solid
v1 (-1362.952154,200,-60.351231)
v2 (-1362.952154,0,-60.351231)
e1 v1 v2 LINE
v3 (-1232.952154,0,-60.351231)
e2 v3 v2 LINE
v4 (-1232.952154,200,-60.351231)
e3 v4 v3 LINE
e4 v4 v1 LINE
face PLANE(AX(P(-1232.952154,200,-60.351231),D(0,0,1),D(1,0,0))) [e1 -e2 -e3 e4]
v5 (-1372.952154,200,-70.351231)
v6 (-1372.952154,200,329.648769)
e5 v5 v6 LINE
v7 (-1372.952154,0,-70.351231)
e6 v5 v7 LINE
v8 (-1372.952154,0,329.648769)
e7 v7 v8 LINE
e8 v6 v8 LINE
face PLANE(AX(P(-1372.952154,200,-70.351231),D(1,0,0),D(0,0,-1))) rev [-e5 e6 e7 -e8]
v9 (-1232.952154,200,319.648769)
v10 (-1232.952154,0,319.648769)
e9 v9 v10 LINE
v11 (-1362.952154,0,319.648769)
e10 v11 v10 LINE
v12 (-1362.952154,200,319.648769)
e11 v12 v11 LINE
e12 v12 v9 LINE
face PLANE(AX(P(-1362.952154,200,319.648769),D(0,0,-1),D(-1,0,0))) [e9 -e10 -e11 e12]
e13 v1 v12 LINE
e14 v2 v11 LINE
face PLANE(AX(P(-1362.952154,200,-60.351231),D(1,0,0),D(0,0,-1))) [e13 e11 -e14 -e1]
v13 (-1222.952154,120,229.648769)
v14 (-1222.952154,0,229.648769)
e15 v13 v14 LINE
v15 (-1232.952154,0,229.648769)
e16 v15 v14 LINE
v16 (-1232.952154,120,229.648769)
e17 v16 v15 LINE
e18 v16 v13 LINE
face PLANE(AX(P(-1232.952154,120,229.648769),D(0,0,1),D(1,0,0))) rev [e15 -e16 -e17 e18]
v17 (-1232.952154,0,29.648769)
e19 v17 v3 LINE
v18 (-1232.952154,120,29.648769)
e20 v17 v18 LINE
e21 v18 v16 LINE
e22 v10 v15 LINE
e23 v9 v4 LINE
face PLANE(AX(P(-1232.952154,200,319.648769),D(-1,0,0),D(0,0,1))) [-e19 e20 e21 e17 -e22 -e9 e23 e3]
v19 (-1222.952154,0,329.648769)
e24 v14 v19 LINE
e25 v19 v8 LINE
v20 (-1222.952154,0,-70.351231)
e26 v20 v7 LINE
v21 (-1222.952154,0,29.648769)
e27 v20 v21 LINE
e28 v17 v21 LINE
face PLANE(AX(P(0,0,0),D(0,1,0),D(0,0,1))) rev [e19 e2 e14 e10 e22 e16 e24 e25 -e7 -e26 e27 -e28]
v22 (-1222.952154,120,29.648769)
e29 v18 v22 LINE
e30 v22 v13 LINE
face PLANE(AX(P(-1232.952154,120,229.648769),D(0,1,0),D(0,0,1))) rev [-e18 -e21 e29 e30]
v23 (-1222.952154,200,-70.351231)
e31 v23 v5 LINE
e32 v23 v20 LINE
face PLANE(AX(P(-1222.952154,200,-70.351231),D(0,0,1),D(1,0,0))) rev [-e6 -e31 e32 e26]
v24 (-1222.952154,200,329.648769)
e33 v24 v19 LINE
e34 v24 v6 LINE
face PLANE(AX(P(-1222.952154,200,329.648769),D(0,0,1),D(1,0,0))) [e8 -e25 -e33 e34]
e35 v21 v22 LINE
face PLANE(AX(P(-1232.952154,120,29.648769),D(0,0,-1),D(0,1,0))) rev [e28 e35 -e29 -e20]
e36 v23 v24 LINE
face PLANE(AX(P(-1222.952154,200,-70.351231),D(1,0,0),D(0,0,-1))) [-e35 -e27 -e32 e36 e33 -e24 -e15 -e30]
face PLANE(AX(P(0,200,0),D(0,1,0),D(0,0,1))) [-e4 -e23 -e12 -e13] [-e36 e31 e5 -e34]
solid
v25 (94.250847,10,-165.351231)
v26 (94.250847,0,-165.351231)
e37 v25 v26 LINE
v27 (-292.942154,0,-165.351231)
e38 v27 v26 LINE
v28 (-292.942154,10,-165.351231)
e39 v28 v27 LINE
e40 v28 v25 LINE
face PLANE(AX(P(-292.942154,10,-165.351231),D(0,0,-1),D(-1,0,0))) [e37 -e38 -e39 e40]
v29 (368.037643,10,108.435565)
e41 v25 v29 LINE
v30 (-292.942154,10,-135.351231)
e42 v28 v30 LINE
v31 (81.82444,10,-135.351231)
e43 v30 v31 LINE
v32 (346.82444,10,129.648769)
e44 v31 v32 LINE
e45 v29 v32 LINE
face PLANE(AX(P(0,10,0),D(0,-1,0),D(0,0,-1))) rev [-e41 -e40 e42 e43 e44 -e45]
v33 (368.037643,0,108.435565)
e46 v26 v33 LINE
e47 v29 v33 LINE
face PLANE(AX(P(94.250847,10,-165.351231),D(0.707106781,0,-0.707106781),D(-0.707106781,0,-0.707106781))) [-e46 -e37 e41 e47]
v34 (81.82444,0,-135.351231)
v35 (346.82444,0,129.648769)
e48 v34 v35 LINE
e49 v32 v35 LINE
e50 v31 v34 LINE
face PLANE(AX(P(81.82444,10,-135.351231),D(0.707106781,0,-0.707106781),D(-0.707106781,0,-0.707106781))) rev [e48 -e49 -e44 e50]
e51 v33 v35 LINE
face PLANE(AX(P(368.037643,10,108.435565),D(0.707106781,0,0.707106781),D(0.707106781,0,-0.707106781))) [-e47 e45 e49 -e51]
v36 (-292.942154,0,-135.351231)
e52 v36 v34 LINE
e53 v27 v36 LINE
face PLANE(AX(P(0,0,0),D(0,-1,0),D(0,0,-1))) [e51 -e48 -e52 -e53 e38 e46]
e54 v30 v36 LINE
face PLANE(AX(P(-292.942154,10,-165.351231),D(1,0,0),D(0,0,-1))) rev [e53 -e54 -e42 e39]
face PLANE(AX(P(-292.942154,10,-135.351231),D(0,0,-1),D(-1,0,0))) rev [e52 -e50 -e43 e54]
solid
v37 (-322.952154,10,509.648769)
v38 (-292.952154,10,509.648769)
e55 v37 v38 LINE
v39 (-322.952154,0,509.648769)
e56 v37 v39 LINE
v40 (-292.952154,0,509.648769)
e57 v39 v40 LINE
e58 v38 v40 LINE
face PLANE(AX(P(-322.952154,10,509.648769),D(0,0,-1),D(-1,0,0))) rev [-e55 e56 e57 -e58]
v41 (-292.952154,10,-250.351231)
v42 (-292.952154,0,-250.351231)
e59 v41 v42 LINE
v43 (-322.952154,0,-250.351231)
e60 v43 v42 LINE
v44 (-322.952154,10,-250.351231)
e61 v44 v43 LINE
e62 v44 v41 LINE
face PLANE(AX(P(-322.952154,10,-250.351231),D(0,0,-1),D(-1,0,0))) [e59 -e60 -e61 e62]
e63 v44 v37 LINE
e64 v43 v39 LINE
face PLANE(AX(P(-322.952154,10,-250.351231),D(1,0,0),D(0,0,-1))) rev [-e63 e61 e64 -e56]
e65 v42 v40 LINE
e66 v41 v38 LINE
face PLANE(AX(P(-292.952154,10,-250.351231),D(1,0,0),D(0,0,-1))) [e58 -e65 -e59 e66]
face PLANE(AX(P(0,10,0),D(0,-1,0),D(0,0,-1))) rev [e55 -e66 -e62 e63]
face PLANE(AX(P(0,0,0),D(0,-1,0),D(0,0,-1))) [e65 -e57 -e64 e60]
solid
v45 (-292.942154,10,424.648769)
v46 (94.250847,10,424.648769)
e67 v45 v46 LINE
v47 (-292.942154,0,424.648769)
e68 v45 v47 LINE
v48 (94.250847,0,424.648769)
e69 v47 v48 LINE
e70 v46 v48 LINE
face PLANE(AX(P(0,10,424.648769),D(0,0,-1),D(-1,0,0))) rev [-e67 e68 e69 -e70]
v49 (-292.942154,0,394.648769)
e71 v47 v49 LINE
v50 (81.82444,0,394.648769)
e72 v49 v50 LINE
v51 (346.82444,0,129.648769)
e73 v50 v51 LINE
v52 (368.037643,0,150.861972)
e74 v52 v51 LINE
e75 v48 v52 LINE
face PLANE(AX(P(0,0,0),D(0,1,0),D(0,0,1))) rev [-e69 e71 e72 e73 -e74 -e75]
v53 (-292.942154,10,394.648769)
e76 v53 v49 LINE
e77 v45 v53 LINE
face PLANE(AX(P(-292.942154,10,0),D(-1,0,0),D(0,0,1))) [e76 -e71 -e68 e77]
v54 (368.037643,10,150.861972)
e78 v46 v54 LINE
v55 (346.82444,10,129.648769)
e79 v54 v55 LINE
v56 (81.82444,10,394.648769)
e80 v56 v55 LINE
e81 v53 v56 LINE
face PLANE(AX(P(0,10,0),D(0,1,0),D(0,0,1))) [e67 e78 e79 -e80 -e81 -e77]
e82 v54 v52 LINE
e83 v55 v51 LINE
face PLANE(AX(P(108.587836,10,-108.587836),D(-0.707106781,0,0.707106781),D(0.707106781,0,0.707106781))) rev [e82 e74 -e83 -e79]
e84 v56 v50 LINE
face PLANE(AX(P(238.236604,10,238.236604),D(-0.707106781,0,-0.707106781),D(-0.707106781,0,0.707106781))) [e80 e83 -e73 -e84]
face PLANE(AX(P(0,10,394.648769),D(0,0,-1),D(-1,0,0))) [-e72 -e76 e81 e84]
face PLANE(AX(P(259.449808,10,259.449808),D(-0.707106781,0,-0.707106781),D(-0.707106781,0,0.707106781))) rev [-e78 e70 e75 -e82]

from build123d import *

# Parameters (mm, degrees)
BOSS_EXTRUDE2_DEPTH   = 10
BOSS_EXTRUDE2_2_DEPTH = 10
SKETCH2_W             = 30
SKETCH2_H             = 760
BOSS_EXTRUDE9_DEPTH   = 10
SKETCH3_W             = 150
SKETCH3_H             = 400
BOSS_EXTRUDE10_DEPTH  = 200
SKETCH4_W             = 130
SKETCH4_H             = 380
CUT_EXTRUDE2_DEPTH    = 200
SKETCH5_W             = 200
SKETCH5_H             = 120
CUT_EXTRUDE3_DEPTH    = 10


with BuildPart() as part:
    # Sketch1 → Boss-Extrude2 (new body)
    with BuildSketch(Plane(origin=(0, 0, 0), x_dir=(1, 0, 0), z_dir=(0, 1, 0))):
        Polygon((-292.942154032, -394.648768766), (81.824439968, -394.648768766), (346.824439968, -129.648768766), (368.037643404, -150.861972202), (94.250846839, -424.648768766), (-292.942154032, -424.648768766), align=None)
    extrude(amount=BOSS_EXTRUDE2_DEPTH)


with BuildPart() as body_2:
    # Sketch1 → Boss-Extrude2 2 (new body)
    with BuildSketch(Plane(origin=(0, 0, 0), x_dir=(1, 0, 0), z_dir=(0, 1, 0))):
        Polygon((346.824439968, -129.648768766), (368.037643404, -108.435565331), (94.250846839, 165.351231234), (-292.942154032, 165.351231234), (-292.942154032, 135.351231234), (81.824439968, 135.351231234), align=None)
    extrude(amount=BOSS_EXTRUDE2_2_DEPTH)


with BuildPart() as body_3:
    # Sketch2 → Boss-Extrude9 (new body)
    with BuildSketch(Plane(origin=(0, 0, 0), x_dir=(1, 0, 0), z_dir=(0, 1, 0))):
        with Locations((-307.952154032, -129.648768766)):
            Rectangle(SKETCH2_W, SKETCH2_H)
    extrude(amount=BOSS_EXTRUDE9_DEPTH)


with BuildPart() as body_4:
    # Sketch3 → Boss-Extrude10 (new body)
    with BuildSketch(Plane(origin=(0, 0, 0), x_dir=(1, 0, 0), z_dir=(0, 1, 0))):
        with Locations((-1297.952154032, -129.648768766)):
            Rectangle(SKETCH3_W, SKETCH3_H)
    extrude(amount=BOSS_EXTRUDE10_DEPTH)

    # Sketch4 → Cut-Extrude2 (cut)
    with BuildSketch(Plane(origin=(0, 0, 0), x_dir=(1, 0, 0), z_dir=(0, 1, 0))):
        with Locations((-1297.952154032, -129.648768766)):
            Rectangle(SKETCH4_W, SKETCH4_H)
    extrude(amount=CUT_EXTRUDE2_DEPTH, mode=Mode.SUBTRACT)

    # Sketch5 → Cut-Extrude3 (cut)
    with BuildSketch(Plane(origin=(-1222.952154032, 0, 0), x_dir=(0, 0, -1), z_dir=(1, 0, 0))):
        with Locations((-129.648768766, 60)):
            Rectangle(SKETCH5_W, SKETCH5_H)
    extrude(amount=-CUT_EXTRUDE3_DEPTH, mode=Mode.SUBTRACT)


solid = Compound([part.part, body_2.part, body_3.part, body_4.part])
